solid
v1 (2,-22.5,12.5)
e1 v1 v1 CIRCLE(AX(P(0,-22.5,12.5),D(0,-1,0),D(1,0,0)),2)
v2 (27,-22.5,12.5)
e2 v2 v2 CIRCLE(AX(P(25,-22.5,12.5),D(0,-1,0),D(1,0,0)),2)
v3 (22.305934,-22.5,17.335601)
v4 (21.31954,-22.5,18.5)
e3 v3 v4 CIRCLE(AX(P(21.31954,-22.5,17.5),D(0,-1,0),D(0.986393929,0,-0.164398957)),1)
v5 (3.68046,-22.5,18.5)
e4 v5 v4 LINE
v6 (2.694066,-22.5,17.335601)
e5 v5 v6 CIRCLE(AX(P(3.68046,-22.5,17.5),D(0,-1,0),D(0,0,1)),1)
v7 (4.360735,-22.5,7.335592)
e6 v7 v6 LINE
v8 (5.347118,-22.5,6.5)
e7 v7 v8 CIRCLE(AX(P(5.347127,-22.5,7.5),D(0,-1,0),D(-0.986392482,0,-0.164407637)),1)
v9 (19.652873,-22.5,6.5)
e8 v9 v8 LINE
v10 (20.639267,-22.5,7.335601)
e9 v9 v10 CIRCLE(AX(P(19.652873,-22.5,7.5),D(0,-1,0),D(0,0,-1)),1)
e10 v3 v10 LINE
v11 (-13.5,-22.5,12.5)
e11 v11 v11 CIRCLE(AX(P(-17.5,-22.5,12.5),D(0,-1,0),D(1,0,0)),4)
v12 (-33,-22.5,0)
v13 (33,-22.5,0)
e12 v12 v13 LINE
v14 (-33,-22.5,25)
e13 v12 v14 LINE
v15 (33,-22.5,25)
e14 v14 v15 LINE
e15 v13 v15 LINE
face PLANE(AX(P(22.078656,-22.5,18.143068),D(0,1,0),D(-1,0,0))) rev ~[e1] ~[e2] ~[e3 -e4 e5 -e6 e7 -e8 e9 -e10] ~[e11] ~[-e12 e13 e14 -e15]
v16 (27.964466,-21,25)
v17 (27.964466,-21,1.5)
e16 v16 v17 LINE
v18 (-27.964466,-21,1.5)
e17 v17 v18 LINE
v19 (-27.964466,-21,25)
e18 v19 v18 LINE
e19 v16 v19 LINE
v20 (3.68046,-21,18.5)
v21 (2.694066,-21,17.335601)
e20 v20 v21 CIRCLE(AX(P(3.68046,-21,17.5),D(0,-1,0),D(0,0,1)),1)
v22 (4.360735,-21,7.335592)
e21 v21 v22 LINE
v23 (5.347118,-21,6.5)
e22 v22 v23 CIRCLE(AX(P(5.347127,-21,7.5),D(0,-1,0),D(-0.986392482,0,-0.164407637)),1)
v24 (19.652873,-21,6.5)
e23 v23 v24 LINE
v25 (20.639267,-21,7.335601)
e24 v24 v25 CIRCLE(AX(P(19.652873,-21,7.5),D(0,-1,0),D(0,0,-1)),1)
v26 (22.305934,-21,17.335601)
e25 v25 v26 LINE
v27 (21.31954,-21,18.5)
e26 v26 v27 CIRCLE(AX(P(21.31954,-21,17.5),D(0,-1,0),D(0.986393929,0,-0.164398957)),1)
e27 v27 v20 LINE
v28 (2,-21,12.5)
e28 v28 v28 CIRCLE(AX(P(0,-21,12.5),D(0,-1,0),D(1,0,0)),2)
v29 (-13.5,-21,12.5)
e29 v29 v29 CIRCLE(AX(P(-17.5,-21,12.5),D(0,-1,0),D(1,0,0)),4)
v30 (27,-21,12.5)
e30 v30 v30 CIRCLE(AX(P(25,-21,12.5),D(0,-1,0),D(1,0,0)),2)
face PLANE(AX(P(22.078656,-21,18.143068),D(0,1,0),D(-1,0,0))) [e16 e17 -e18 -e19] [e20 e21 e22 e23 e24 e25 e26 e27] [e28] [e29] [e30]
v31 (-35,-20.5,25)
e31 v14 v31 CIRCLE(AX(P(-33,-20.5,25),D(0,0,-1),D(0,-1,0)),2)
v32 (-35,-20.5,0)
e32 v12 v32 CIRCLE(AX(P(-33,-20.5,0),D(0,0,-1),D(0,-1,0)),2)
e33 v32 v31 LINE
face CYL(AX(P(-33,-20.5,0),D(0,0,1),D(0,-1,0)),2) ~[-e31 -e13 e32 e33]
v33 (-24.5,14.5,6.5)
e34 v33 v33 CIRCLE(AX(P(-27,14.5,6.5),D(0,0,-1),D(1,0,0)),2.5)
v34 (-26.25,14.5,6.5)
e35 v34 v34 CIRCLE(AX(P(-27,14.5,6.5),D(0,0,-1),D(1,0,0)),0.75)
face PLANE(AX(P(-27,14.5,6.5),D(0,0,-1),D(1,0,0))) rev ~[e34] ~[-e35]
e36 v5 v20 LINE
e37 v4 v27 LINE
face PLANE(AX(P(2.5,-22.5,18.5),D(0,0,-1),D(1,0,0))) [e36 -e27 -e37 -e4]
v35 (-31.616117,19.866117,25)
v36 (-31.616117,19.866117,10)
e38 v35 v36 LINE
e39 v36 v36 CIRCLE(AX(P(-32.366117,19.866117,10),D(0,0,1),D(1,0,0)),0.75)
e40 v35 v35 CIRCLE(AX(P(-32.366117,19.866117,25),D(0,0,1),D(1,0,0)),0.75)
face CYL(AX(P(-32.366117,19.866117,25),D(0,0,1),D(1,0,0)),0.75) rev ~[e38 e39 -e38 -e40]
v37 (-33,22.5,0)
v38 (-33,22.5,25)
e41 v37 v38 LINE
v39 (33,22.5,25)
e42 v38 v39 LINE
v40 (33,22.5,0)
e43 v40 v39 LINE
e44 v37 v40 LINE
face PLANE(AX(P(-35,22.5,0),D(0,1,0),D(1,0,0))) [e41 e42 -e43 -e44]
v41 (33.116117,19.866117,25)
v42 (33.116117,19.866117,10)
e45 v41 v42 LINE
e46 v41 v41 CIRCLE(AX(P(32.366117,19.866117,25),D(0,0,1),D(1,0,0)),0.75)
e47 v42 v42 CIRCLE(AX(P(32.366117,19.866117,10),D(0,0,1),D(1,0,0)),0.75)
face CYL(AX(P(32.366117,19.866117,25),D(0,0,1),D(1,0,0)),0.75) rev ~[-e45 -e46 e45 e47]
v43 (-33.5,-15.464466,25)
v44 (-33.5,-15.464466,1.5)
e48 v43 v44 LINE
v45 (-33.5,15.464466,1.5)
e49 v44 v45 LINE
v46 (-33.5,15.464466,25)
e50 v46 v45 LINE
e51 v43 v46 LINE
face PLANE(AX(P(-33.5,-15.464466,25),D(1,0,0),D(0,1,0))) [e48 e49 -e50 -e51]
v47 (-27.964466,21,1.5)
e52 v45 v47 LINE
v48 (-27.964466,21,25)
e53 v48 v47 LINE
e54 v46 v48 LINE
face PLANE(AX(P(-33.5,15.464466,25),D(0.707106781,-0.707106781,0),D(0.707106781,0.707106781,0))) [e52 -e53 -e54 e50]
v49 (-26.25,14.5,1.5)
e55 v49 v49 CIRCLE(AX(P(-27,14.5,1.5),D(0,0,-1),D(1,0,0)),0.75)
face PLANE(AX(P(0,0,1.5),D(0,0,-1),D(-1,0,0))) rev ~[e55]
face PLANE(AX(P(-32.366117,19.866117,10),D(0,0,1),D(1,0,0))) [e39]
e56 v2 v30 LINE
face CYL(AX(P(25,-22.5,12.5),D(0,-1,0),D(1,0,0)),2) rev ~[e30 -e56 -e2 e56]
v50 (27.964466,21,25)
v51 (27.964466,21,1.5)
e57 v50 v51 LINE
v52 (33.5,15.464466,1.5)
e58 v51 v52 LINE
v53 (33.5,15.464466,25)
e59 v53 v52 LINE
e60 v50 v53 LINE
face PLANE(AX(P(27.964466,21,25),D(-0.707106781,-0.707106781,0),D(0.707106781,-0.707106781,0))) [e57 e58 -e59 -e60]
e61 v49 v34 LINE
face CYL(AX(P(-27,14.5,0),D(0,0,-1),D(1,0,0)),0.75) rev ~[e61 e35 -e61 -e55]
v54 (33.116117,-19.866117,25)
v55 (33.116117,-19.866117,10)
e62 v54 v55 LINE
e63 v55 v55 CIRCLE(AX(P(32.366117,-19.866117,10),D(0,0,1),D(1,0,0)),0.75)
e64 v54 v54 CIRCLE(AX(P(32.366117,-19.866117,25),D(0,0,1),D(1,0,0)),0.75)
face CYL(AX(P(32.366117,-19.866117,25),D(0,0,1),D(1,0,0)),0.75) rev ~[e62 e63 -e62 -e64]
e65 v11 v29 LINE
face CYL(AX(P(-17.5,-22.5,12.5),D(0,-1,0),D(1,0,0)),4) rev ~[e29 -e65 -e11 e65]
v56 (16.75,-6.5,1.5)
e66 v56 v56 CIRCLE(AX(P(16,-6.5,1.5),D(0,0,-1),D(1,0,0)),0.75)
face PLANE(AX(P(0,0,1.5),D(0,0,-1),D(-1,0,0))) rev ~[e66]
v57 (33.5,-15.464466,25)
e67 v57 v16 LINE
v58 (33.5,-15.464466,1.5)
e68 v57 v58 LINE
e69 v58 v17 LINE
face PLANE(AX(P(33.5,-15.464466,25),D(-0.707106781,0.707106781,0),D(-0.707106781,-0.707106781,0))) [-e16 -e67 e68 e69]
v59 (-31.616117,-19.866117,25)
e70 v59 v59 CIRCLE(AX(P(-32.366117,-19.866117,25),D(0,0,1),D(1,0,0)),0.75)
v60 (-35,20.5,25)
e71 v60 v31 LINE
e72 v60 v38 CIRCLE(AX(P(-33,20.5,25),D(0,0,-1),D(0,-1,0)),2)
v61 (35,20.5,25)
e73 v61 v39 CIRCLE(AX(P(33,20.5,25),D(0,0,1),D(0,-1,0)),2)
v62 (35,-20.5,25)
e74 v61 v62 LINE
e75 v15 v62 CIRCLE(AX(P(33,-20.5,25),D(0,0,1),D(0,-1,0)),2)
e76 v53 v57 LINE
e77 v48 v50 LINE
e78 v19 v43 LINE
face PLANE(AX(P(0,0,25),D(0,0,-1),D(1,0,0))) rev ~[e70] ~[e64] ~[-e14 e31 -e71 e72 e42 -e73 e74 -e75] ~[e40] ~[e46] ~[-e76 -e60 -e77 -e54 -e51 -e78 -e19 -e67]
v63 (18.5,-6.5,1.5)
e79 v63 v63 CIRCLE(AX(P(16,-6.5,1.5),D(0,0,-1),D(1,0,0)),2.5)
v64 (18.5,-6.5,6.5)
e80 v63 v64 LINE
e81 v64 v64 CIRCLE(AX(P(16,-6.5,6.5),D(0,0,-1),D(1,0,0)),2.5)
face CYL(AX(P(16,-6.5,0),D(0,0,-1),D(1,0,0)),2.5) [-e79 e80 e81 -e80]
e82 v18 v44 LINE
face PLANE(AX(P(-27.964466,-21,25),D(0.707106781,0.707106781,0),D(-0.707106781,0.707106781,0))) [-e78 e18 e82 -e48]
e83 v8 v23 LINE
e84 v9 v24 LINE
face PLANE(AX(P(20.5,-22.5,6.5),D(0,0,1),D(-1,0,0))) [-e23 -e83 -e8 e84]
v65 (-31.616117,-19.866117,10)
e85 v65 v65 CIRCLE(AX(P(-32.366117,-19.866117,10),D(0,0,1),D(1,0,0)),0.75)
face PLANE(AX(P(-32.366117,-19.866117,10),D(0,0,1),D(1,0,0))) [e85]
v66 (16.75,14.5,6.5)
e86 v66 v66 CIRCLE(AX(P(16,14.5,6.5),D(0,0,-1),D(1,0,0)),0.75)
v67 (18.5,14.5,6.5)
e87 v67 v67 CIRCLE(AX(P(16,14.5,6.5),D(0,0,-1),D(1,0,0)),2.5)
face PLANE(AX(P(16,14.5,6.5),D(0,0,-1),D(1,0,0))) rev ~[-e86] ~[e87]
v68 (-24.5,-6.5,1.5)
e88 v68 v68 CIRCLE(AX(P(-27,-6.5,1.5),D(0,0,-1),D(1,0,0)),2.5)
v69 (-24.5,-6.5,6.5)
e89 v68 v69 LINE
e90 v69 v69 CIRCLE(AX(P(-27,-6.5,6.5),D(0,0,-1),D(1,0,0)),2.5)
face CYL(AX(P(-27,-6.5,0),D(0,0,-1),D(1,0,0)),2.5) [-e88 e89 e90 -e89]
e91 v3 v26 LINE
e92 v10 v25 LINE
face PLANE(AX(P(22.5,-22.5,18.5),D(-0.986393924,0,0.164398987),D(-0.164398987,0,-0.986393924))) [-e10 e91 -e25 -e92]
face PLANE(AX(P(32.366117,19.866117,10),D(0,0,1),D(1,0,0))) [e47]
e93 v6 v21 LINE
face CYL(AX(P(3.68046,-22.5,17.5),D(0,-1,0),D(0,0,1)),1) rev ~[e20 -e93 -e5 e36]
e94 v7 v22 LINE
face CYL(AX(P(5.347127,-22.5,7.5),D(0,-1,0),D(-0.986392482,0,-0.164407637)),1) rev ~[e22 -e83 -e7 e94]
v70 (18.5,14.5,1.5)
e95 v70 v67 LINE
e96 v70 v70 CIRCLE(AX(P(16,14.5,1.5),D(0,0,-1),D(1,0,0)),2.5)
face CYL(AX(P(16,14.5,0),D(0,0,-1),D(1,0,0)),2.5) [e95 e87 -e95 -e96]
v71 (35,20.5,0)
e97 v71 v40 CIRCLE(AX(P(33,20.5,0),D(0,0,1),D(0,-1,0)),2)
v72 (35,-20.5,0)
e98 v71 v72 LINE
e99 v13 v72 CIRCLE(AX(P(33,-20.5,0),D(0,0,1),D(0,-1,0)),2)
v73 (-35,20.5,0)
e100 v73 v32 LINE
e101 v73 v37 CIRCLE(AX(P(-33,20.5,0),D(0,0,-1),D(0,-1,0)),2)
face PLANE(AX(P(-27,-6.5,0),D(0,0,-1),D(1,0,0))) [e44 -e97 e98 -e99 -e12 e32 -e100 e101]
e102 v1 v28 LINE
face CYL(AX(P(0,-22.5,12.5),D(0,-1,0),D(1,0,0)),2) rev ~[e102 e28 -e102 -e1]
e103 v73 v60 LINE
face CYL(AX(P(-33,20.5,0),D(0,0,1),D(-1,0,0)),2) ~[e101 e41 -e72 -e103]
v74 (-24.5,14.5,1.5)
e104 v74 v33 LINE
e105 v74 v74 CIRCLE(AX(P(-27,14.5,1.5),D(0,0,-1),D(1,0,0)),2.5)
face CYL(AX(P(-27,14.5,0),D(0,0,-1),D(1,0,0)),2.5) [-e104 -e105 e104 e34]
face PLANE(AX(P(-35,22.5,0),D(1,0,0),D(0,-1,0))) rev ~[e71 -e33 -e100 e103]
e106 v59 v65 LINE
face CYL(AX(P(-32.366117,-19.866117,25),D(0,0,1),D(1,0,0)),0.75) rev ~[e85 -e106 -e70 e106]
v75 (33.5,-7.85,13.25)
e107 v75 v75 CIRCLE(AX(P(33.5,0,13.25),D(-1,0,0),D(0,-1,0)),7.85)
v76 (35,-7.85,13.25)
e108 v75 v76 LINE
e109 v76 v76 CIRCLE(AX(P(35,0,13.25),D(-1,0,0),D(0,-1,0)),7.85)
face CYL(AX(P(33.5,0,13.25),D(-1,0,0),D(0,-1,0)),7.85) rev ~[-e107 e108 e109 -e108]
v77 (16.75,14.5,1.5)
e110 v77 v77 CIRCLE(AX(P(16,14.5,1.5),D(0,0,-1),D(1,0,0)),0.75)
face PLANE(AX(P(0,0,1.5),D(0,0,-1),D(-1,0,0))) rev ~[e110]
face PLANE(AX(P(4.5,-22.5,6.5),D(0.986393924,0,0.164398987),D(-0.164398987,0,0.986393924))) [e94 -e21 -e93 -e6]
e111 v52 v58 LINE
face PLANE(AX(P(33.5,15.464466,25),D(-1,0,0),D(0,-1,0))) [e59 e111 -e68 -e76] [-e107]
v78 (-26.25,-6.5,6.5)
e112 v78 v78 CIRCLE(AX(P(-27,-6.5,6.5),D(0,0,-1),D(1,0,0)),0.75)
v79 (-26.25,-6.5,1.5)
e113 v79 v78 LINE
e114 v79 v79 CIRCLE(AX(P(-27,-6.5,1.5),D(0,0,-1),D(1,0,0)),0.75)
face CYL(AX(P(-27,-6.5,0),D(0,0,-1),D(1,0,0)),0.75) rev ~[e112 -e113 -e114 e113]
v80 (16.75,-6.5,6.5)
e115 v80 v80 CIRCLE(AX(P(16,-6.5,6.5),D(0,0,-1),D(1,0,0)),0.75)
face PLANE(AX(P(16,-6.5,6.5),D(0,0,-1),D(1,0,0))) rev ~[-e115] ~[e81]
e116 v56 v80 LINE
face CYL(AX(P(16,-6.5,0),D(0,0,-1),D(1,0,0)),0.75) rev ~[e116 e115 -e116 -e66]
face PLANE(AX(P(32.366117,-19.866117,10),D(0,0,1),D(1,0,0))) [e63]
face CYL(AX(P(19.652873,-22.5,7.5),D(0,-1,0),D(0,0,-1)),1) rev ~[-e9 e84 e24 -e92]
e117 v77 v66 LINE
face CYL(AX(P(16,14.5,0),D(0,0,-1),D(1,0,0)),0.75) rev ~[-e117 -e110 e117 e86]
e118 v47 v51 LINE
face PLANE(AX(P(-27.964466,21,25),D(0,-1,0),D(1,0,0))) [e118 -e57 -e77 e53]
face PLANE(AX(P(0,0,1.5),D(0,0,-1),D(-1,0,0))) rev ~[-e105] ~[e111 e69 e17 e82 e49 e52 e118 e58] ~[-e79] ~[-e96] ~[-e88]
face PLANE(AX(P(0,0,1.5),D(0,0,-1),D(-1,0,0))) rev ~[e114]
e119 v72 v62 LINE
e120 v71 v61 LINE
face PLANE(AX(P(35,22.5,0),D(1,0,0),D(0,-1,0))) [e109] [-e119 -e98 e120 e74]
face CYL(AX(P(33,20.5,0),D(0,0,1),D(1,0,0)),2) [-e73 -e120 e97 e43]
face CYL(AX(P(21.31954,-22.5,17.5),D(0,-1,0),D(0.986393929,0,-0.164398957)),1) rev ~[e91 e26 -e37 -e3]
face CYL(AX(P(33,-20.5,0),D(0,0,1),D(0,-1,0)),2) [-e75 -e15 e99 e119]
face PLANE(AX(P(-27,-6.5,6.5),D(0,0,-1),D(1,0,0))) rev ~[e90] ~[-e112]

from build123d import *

# Parameters (mm, degrees)
SKETCH006_W     = 70
SKETCH006_H     = 45
PAD004_DEPTH    = 25
POCKET002_DEPTH = 23.5
SKETCH008_R     = 2.5
SKETCH008_R_2   = 0.75
PAD005_DEPTH    = 6.5
SKETCH009_R     = 7.85
POCKET003_DEPTH = 5
SKETCH010_R     = 4
SKETCH010_R_2   = 2
POCKET004_DEPTH = 5
PAD006_DEPTH    = 1.5
FILLET_R        = 2
SKETCH012_R     = 0.75
POCKET005_DEPTH = 15


with BuildPart() as part:
    # Sketch006 (on Face1 of ReferencePocket) → Pad004 (new body)
    with BuildSketch(Plane(origin=(0, 0, 0), x_dir=(1, 0, 0), z_dir=(0, 0, -1))):
        Rectangle(SKETCH006_W, SKETCH006_H)
    extrude(amount=-PAD004_DEPTH)

    # Sketch007 (on Face6 of Pad004) → Pocket002 (cut)
    with BuildSketch(Plane.XY.offset(25)):
        Polygon((-33.5, -15.4644660941), (-33.5, 15.4644660941), (-27.9644660941, 21), (27.9644660941, 21), (33.5, 15.4644660941), (33.5, -15.4644660941), (27.9644660941, -21), (-27.9644660941, -21), align=None)
    extrude(amount=-POCKET002_DEPTH, mode=Mode.SUBTRACT)

    # Sketch008 (on Face1 of ReferencePocket) → Pad005 (join)
    with BuildSketch(Plane(origin=(0, 0, 0), x_dir=(1, 0, 0), z_dir=(0, 0, -1))):
        with Locations((-27, 6.5)):
            Circle(SKETCH008_R)
        with Locations((-27, 6.5)):
            Circle(SKETCH008_R_2, mode=Mode.SUBTRACT)
        with Locations((16, 6.5)):
            Circle(SKETCH008_R)
        with Locations((16, 6.5)):
            Circle(SKETCH008_R_2, mode=Mode.SUBTRACT)
        with Locations((16, -14.5)):
            Circle(SKETCH008_R)
        with Locations((16, -14.5)):
            Circle(SKETCH008_R_2, mode=Mode.SUBTRACT)
        with Locations((-27, -14.5)):
            Circle(SKETCH008_R)
        with Locations((-27, -14.5)):
            Circle(SKETCH008_R_2, mode=Mode.SUBTRACT)
    extrude(amount=-PAD005_DEPTH)

    # Sketch009 (on Face14 of Pad005) → Pocket003 (cut)
    with BuildSketch(Plane(origin=(33.5, 0, 0), x_dir=(0, -1, 0), z_dir=(-1, 0, 0))):
        with Locations((0, 13.25)):
            Circle(SKETCH009_R)
    extrude(amount=-POCKET003_DEPTH, mode=Mode.SUBTRACT)

    # Sketch010 (on Face1 of Pocket003) → Pocket004 (cut)
    with BuildSketch(Plane.XZ.offset(22.5)):
        with Locations((-17.5, 12.5)):
            Circle(SKETCH010_R)
        with Locations((0, 12.5)):
            Circle(SKETCH010_R_2)
        with Locations((25, 12.5)):
            Circle(SKETCH010_R_2)
        Polygon((2.5, 18.5), (22.5, 18.5), (20.5, 6.5), (4.5, 6.5), align=None)
    extrude(amount=-POCKET004_DEPTH, mode=Mode.SUBTRACT)

    # Sketch011 (on Face1 of Pocket004) → Pad006 (join)
    with BuildSketch(Plane.XZ.offset(22.5)):
        with BuildLine():
            ThreePointArc((22.3059335071, 17.3356010429), (22.0825595608, 18.1463748961), (21.3195396089, 18.5))
            Line((21.3195396089, 18.5), (22.5, 18.5))
            Line((22.5, 18.5), (22.3059335071, 17.3356010429))
        make_face()
        with BuildLine():
            ThreePointArc((3.6804604217, 18.5), (2.9174404392, 18.1463748961), (2.6940664979, 17.3356010127))
            Line((2.5, 18.5), (2.6940664979, 17.3356010127))
            Line((3.6804604217, 18.5), (2.5, 18.5))
        make_face()
        with BuildLine():
            ThreePointArc((4.3607346062, 7.3355923631), (4.7007521923, 6.7369800175), (5.3471183194, 6.5))
            Line((4.5, 6.5), (5.3471183194, 6.5))
            Line((4.3607346062, 7.3355923631), (4.5, 6.5))
        make_face()
        with BuildLine():
            ThreePointArc((19.6528729116, 6.5), (20.2992478077, 6.7369800175), (20.6392668354, 7.3356010127))
            Line((20.6392668354, 7.3356010127), (20.5, 6.5))
            Line((20.5, 6.5), (19.6528729116, 6.5))
        make_face()
    extrude(amount=-PAD006_DEPTH)

    # Fillet
    fillet_edges = [part.edges().sort_by_distance(p)[0] for p in [
        (35, -22.5, 12.5),
        (-35, -22.5, 12.5),
        (35, 22.5, 12.5),
        (-35, 22.5, 12.5),
    ]]
    fillet(fillet_edges, radius=FILLET_R)

    # Sketch012 (on Face5 of Fillet) → Pocket005 (cut)
    with BuildSketch(Plane.XY.offset(25)):
        with Locations((-32.3661165235, 19.8661165235)):
            Circle(SKETCH012_R)
        with Locations((32.3661165235, 19.8661165235)):
            Circle(SKETCH012_R)
        with Locations((32.3661165235, -19.8661165235)):
            Circle(SKETCH012_R)
        with Locations((-32.3661165235, -19.8661165235)):
            Circle(SKETCH012_R)
    extrude(amount=-POCKET005_DEPTH, mode=Mode.SUBTRACT)


solid = part.part
